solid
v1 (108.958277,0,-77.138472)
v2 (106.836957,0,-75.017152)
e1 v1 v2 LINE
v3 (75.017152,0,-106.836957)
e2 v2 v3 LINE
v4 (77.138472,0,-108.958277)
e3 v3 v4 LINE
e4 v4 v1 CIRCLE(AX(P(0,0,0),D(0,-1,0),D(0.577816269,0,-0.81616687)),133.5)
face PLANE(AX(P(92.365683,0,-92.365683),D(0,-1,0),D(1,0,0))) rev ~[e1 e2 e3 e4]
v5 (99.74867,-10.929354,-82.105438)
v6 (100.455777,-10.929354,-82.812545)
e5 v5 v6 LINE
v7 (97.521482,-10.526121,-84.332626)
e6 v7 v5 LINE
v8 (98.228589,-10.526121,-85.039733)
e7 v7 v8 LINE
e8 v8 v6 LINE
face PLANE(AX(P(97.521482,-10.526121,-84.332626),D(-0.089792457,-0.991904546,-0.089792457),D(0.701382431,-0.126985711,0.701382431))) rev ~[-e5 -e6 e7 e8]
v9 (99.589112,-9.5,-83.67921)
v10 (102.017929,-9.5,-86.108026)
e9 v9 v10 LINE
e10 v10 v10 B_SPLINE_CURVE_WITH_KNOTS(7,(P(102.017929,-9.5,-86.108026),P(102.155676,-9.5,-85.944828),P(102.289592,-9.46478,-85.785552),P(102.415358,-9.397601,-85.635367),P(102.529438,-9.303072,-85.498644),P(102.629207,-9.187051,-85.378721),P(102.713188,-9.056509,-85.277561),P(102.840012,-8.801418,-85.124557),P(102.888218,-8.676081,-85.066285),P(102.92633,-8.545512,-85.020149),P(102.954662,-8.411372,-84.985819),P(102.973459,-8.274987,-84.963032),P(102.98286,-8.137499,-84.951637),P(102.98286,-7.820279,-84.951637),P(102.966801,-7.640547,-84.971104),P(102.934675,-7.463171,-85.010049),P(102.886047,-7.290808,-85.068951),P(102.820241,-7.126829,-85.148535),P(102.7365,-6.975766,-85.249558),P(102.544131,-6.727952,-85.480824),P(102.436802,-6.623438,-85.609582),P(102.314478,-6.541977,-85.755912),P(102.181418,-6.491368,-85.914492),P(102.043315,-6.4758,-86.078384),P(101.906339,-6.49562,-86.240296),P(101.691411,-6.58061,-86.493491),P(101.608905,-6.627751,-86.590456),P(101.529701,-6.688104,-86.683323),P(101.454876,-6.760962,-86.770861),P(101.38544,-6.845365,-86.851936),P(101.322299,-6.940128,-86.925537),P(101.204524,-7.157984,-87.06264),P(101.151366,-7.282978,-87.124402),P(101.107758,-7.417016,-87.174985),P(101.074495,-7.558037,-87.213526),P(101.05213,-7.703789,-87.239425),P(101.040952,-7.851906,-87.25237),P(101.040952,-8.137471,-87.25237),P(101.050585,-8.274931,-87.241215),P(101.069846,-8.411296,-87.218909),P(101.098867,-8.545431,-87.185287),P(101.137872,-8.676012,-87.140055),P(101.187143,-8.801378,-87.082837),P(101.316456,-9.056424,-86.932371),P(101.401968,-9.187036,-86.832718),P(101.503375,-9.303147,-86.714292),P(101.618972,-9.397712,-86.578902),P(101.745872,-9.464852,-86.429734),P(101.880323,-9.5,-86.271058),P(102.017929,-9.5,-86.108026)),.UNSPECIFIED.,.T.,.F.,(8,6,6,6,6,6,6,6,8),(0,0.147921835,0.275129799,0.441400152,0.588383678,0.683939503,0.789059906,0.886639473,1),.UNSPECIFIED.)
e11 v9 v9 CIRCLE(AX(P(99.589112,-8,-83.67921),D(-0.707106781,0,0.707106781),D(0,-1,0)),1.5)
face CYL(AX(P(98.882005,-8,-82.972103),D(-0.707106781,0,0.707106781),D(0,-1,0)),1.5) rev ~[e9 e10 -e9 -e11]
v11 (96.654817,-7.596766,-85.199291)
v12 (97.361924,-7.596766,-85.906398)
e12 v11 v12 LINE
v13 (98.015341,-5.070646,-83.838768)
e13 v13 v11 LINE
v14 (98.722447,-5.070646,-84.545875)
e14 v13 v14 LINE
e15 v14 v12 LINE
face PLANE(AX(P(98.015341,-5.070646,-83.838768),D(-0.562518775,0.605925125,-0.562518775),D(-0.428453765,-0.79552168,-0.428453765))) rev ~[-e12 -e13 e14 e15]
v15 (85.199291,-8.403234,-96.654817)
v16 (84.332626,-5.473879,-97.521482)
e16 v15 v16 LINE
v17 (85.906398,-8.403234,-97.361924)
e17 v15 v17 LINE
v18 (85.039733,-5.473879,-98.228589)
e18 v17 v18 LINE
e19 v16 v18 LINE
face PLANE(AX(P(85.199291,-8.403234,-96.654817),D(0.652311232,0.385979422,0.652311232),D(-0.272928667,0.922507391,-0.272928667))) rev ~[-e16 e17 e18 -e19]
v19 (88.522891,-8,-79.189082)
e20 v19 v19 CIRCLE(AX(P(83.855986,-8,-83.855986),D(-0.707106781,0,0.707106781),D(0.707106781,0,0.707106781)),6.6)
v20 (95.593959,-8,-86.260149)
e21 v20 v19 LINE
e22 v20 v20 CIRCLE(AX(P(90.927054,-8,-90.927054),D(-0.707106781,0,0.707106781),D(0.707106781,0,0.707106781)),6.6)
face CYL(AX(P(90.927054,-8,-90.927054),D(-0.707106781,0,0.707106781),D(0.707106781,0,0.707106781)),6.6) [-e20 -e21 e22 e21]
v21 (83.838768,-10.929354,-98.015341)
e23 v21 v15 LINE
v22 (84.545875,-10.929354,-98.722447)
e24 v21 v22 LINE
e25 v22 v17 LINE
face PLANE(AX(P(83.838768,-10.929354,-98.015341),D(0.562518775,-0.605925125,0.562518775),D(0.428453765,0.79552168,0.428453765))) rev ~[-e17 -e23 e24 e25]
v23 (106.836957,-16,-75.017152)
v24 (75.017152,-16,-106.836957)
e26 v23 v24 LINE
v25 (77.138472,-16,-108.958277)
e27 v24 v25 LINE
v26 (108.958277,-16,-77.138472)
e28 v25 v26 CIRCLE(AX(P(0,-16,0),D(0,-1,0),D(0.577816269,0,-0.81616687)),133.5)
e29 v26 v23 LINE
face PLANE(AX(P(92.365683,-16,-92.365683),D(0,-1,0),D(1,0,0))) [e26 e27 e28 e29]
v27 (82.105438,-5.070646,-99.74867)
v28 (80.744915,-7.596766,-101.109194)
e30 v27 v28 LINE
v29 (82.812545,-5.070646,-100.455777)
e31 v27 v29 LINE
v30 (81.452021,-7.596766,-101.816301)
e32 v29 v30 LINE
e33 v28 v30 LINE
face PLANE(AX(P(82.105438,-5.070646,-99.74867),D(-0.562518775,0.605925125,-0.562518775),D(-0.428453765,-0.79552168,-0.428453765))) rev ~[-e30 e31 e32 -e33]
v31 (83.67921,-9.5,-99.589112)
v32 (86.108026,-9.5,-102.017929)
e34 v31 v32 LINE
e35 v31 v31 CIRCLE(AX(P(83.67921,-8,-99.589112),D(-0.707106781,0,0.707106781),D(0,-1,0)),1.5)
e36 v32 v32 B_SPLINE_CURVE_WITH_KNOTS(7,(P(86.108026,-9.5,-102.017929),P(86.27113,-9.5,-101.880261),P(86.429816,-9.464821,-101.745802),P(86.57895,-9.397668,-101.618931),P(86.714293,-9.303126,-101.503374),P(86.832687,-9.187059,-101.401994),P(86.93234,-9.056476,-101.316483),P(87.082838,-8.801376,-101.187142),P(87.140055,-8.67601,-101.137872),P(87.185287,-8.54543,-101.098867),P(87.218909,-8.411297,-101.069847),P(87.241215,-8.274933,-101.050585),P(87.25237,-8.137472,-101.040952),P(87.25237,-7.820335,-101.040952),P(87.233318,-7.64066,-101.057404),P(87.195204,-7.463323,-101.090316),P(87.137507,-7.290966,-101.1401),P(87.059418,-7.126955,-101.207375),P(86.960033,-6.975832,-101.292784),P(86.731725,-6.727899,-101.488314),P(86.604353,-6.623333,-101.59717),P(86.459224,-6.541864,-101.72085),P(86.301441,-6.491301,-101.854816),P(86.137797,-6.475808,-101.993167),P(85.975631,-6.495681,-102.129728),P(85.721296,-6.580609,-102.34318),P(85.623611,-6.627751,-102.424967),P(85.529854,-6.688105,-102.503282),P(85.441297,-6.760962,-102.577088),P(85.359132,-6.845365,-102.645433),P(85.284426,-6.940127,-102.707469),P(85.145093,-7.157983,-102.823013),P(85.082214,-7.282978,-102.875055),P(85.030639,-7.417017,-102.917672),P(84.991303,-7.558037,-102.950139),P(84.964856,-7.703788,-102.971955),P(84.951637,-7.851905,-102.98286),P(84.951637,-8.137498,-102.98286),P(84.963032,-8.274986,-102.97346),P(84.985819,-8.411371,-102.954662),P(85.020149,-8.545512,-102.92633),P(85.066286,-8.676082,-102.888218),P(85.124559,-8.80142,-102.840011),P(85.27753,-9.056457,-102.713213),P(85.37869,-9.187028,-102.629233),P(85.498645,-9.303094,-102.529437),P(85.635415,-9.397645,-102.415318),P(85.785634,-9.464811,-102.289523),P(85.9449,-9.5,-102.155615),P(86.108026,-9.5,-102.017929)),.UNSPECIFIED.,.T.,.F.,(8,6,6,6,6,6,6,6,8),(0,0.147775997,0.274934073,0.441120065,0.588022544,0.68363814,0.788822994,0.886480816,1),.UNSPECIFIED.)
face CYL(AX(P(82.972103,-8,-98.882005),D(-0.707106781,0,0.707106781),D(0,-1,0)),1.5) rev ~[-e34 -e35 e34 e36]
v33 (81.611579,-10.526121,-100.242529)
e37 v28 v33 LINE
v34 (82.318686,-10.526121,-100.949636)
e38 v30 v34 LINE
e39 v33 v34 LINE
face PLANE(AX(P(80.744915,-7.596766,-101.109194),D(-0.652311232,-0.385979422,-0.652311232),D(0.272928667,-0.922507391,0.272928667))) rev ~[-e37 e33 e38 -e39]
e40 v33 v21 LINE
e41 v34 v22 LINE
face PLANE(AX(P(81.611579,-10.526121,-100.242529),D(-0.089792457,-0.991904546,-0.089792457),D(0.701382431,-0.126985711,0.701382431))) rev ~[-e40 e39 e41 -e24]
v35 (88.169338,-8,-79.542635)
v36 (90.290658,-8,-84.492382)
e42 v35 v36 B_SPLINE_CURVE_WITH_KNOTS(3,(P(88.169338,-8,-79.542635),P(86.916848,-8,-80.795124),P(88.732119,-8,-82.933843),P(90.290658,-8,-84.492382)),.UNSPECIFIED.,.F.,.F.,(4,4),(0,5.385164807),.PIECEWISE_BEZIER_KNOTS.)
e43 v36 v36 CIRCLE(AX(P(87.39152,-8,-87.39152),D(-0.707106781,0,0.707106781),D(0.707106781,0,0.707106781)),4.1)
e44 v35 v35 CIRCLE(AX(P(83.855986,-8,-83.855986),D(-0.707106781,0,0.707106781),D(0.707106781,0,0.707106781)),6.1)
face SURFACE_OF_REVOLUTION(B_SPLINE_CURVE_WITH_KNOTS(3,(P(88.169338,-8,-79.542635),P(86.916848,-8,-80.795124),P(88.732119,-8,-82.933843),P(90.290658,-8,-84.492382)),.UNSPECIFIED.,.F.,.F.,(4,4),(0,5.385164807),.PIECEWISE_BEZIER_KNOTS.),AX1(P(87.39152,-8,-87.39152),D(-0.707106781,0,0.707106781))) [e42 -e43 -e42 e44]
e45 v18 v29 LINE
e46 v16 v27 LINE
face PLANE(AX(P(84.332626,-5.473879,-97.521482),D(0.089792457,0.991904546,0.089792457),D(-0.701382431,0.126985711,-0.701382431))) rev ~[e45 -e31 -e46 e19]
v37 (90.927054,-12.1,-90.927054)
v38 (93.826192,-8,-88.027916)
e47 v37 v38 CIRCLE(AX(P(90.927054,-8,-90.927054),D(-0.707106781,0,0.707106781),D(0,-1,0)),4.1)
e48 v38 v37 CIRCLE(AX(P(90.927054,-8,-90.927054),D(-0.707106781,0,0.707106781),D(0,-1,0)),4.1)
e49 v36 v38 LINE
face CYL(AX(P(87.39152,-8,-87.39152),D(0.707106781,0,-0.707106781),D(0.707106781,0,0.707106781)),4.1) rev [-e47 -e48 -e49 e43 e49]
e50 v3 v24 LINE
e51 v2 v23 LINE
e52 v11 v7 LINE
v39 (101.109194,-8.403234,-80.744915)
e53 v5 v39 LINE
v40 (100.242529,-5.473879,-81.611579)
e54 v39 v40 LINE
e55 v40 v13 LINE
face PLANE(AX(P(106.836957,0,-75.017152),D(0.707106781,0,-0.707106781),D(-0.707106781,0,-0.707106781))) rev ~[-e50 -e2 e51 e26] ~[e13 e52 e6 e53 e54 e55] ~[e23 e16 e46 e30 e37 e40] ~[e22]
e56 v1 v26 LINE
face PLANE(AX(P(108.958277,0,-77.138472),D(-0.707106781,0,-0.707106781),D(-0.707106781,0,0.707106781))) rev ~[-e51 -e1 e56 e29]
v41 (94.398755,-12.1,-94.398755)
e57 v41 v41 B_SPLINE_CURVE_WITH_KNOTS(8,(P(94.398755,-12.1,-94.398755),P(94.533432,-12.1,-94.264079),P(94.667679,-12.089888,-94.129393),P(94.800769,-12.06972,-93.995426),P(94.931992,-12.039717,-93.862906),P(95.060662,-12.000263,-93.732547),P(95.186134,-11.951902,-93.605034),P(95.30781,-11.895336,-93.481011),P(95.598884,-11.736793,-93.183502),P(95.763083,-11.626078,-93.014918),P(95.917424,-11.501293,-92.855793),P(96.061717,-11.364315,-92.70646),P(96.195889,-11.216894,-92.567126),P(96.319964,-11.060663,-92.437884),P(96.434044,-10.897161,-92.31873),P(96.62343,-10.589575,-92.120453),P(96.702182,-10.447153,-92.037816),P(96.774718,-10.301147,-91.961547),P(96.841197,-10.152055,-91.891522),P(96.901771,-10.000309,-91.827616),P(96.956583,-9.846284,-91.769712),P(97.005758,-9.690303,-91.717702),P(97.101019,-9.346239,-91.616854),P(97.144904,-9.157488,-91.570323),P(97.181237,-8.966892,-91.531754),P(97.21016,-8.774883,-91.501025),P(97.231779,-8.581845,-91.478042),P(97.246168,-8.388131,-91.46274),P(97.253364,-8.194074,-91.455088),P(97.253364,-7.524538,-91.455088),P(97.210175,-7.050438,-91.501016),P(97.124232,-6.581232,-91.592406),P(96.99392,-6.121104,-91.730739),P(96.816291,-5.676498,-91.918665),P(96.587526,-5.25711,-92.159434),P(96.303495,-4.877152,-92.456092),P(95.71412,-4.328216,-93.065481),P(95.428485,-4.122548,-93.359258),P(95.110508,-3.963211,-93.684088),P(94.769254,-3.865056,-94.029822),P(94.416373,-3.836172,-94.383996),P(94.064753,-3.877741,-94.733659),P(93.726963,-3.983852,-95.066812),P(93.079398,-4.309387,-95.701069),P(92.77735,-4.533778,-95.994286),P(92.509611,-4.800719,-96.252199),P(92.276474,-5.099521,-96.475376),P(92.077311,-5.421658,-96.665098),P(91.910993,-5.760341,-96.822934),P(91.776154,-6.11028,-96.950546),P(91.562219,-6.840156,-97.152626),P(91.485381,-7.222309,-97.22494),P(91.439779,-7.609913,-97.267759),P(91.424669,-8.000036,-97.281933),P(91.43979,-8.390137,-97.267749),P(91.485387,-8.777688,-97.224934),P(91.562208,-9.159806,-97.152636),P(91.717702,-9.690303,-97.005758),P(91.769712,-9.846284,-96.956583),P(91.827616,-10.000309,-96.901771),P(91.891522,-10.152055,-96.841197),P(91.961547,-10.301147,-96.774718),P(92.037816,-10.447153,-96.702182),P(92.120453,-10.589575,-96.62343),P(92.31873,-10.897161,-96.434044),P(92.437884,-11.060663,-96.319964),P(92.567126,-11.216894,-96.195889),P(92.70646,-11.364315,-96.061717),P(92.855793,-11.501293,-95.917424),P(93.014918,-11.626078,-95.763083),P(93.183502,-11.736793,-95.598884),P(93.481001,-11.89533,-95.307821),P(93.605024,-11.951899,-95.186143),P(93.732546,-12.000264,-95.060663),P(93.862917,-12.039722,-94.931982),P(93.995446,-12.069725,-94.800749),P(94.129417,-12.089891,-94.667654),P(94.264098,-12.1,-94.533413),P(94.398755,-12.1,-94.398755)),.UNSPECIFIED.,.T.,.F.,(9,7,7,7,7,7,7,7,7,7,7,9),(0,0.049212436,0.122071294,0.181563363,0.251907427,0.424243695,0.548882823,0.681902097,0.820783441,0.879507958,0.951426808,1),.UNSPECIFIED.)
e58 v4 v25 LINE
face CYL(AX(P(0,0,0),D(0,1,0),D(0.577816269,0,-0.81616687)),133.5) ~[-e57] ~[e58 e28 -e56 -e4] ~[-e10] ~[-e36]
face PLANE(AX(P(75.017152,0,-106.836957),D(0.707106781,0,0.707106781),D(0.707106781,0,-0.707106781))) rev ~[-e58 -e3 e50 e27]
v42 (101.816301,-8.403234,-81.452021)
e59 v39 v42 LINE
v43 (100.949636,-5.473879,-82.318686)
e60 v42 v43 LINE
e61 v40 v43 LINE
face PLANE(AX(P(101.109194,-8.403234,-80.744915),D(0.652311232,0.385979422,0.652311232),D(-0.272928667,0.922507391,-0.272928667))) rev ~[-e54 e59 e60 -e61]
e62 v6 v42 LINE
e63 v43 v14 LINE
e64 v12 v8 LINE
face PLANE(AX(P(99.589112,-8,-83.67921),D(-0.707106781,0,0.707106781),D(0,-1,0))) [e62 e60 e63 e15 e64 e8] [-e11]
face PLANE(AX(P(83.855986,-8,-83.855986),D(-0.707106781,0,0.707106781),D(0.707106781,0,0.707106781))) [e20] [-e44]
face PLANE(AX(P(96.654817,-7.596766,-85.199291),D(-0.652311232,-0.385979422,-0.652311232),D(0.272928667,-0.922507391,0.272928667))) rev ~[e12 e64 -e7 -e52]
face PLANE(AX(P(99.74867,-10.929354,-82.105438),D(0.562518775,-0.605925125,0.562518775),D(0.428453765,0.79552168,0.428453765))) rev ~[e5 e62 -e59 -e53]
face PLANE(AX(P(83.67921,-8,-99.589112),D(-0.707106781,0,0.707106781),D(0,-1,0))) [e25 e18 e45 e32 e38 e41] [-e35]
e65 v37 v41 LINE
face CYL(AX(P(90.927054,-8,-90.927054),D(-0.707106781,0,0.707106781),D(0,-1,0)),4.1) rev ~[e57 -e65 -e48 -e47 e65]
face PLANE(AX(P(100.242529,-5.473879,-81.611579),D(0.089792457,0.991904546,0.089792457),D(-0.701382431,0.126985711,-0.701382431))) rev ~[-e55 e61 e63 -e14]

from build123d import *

# Parameters (mm, degrees)
F1_DEPTH = 16
F2_R     = 1.5
F2_R_2   = 4.1
F3_DEPTH = 25.501
F5_DEPTH = 1


with BuildPart() as f1:
    # F0 (on Front) → F1 (new body)
    with BuildSketch(Plane.XZ):
        with BuildLine():
            ThreePointArc((77.1384719389, -108.9582770923), (94.3987552884, -94.3987552884), (108.9582770923, -77.1384719389))
            Line((108.9582770923, -77.1384719389), (106.8369567488, -75.0171515954))
            Line((106.8369567488, -75.0171515954), (75.0171515954, -106.8369567488))
            Line((75.0171515954, -106.8369567488), (77.1384719389, -108.9582770923))
        make_face()
    extrude(amount=F1_DEPTH)

    # F2 (on face) → F3 (cut, through all)
    with BuildSketch(Plane(origin=(90.9270541721, 0, -90.9270541721), x_dir=(0, -1, 0), z_dir=(-0.7071067812, 0, 0.7071067812))):
        with Locations((8, 11.25)):
            Circle(F2_R)
        with Locations((8, 0)):
            Circle(F2_R_2)
        with Locations((8, -11.25)):
            Circle(F2_R)
    extrude(amount=-F3_DEPTH, mode=Mode.SUBTRACT)

    # F4 (on face) → F5 (cut)
    with BuildSketch(Plane(origin=(90.9270541721, 0, -90.9270541721), x_dir=(0, -1, 0), z_dir=(-0.7071067812, 0, 0.7071067812))):
        Polygon((7.5967662116, 8.100280037), (10.5261206085, 9.3259293141), (10.929354397, 12.475649277), (8.4032337884, 14.399719963), (5.4738793915, 13.1740706859), (5.070645603, 10.024350723), align=None)
        Polygon((5.070645603, -12.475649277), (7.5967662116, -14.399719963), (10.5261206085, -13.1740706859), (10.929354397, -10.024350723), (8.4032337884, -8.100280037), (5.4738793915, -9.3259293141), align=None)
    extrude(amount=-F5_DEPTH, mode=Mode.SUBTRACT)

    # F7 (on mid) → F8 (revolve)
    with BuildSketch(Plane.XZ.offset(8)):
        with BuildLine():
            Line((88.522891116, -79.1890816044), (88.1693377254, -79.542634995))
            add(Edge.make_bspline(
                [(88.1693377254, -79.542634995), (86.9168482293, -80.7951244911), (88.7321185884, -82.9338429826), (90.290658069, -84.4923824633)],
                knots=[0, 0, 0, 0, 5.3851648071, 5.3851648071, 5.3851648071, 5.3851648071], degree=3))
            Line((90.290658069, -84.4923824633), (93.8261919749, -88.0279163692))
            Line((93.8261919749, -88.0279163692), (95.5939589279, -86.2601494162))
            Line((95.5939589279, -86.2601494162), (88.522891116, -79.1890816044))
        make_face()
    revolve(axis=Axis((87.3915202661, -8, -87.3915202661), (-0.7071067812, 0, 0.7071067812)))


solid = f1.part
